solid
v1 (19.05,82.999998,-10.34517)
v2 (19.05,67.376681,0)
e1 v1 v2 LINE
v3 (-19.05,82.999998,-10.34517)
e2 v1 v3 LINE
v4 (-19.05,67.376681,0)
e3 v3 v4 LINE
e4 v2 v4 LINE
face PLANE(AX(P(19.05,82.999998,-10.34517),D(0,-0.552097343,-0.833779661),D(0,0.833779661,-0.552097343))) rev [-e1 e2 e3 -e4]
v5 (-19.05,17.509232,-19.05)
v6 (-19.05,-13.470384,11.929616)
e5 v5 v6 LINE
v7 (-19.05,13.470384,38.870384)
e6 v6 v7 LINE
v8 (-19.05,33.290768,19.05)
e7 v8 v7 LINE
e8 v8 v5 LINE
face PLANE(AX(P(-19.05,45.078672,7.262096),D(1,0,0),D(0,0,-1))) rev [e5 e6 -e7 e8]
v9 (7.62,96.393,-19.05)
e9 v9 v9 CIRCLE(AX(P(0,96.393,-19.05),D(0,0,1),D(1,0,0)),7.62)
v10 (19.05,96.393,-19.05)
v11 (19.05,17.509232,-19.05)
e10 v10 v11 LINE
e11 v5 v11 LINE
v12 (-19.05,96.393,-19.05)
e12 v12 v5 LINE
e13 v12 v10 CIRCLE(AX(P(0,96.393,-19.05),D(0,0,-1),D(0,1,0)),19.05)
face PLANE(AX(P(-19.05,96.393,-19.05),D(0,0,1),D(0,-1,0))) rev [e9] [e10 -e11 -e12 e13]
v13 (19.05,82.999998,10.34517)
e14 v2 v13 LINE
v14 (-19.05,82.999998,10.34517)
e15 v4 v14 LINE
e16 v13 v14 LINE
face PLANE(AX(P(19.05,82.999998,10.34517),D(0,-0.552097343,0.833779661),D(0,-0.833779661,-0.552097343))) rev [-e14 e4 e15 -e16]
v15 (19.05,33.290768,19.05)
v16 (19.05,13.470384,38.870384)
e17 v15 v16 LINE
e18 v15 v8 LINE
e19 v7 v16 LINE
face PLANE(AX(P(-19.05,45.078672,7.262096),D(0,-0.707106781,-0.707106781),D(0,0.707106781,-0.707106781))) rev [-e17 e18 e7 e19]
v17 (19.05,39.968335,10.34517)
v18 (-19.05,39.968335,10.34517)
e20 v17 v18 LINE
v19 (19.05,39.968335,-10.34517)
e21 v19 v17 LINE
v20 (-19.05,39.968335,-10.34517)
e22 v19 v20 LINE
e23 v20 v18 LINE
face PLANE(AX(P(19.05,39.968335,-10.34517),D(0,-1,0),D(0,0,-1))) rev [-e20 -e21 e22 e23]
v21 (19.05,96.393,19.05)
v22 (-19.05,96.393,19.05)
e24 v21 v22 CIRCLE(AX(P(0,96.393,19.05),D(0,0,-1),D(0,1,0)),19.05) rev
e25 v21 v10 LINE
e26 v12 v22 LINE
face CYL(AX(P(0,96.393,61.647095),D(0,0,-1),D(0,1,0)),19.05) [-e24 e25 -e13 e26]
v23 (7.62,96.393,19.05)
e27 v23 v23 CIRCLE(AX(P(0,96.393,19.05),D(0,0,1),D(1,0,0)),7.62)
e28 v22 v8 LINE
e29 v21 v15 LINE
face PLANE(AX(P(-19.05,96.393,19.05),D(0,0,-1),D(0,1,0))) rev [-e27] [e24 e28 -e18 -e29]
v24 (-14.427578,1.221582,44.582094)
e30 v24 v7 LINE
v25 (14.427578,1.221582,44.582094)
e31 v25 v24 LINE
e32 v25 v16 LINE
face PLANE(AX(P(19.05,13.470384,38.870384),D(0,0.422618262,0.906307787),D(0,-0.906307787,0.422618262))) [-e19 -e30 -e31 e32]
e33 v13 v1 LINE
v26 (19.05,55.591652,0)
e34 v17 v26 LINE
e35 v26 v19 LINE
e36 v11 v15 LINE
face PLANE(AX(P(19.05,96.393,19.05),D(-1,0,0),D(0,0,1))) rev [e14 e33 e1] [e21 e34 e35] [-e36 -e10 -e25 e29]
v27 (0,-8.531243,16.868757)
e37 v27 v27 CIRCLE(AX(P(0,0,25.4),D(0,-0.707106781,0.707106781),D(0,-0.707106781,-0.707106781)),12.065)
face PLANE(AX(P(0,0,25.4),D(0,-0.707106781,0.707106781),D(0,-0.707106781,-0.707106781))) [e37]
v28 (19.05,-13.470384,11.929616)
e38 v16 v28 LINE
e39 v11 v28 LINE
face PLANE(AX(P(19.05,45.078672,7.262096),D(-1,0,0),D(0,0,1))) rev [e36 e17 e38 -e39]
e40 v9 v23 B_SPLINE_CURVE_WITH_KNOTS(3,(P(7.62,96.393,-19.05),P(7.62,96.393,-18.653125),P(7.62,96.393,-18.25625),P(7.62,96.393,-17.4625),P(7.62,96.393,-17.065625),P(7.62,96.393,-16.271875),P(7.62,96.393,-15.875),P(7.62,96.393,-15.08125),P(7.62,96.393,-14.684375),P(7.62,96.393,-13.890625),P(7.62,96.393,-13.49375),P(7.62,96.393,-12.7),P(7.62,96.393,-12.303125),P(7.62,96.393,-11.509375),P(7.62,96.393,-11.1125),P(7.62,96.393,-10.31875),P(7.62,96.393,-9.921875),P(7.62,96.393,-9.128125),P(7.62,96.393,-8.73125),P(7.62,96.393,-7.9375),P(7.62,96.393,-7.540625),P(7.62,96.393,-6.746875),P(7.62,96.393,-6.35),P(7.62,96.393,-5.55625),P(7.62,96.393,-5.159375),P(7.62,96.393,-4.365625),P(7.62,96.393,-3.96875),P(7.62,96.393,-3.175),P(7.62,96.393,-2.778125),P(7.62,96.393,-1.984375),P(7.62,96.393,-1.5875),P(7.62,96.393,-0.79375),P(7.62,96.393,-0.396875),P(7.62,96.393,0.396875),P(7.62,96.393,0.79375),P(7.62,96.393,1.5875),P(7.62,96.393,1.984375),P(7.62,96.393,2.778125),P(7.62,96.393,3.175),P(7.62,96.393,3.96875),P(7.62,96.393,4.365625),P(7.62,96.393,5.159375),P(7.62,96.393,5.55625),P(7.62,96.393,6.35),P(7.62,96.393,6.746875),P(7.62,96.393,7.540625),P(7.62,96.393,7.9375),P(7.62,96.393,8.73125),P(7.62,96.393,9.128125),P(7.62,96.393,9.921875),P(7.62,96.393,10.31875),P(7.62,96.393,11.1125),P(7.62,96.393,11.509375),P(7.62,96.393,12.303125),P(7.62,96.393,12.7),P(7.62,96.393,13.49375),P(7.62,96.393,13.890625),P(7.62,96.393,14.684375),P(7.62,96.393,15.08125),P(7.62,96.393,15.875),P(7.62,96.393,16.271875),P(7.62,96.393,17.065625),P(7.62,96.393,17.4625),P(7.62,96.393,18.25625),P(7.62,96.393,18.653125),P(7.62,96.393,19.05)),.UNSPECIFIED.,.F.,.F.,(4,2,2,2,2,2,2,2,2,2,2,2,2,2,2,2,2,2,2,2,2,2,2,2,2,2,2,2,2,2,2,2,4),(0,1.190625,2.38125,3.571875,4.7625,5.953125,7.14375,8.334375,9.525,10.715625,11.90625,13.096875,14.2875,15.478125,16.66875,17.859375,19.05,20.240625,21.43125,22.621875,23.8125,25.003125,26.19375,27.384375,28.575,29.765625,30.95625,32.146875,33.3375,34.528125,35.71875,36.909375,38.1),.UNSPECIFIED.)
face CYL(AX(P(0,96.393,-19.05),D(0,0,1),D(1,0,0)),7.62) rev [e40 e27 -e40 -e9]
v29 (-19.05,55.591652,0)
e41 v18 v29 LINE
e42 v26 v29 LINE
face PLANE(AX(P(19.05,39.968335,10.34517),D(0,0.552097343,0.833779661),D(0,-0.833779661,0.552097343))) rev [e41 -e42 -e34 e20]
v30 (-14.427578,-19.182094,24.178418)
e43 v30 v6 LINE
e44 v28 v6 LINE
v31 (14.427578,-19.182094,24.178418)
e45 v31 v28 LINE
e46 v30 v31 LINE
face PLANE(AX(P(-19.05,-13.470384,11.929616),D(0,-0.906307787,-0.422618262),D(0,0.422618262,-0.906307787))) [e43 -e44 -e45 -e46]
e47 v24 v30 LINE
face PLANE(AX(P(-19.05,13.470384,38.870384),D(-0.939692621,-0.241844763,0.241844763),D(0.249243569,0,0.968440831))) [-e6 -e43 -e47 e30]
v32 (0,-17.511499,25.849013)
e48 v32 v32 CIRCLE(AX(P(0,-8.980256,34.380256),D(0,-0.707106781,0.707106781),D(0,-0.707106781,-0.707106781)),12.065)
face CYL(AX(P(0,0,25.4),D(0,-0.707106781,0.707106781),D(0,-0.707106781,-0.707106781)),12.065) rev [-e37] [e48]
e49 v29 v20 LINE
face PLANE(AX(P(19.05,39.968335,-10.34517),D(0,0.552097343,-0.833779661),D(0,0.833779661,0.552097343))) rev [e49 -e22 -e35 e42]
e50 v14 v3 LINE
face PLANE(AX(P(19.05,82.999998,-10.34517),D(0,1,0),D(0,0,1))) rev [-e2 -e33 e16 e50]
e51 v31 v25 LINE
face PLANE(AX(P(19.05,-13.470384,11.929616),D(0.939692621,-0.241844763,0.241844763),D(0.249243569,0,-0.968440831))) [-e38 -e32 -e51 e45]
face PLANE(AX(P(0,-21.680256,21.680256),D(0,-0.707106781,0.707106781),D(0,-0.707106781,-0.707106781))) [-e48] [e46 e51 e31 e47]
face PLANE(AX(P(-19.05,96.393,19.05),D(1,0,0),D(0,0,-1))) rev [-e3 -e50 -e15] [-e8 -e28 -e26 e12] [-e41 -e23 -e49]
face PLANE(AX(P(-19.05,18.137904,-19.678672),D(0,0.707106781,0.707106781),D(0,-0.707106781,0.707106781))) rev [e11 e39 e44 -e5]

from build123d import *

# Parameters (mm, degrees)
SKETCH11_W          = 38.1
SKETCH11_H          = 38.1
SKETCH12_W          = 38.1
SKETCH12_H          = 38.1
BOSS_EXTRUDE5_DEPTH = 12.7
BOSS_EXTRUDE5_TAPER = 20
BOSS_EXTRUDE6_DEPTH = 38.1
SKETCH14_R          = 7.62
CUT_EXTRUDE2_DEPTH  = 38.1
SKETCH15_R          = 12.065
CUT_EXTRUDE3_DEPTH  = 12.7
CUT_EXTRUDE4_DEPTH  = 38.1


with BuildPart() as part:
    # Sweep1: sweep along a path in Sketch10
    with BuildLine(Plane(origin=(0, 0, 0), x_dir=(0, 0, -1), z_dir=(1, 0, 0))) as sweep1_path:
        Line((0, 96.393), (0, 25.4))
        Line((0, 25.4), (-25.4, 0))
    # Sketch11 → Sweep1 (sweep)
    with BuildSketch(Plane(origin=(0, 96.393, 0), x_dir=(1, 0, 0), z_dir=(0, 1, 0))):
        Rectangle(SKETCH11_W, SKETCH11_H)
    sweep(path=sweep1_path.line, transition=Transition.RIGHT)

    # Sketch12 → Boss-Extrude5 (add)
    with BuildSketch(Plane(origin=(0, -12.7, 12.7), x_dir=(1, 0, 0), z_dir=(0, -0.7071067811865461, 0.7071067811865489))):
        with Locations((0, 17.960512242)):
            Rectangle(SKETCH12_W, SKETCH12_H)
    extrude(amount=BOSS_EXTRUDE5_DEPTH, taper=BOSS_EXTRUDE5_TAPER)

    # Sketch13 → Boss-Extrude6 (add)
    with BuildSketch(Plane(origin=(0, 0, -19.05), x_dir=(-1, 0, 0), z_dir=(0, 0, -1))):
        with BuildLine():
            Line((-19.05, 96.393), (19.05, 96.393))
            ThreePointArc((19.05, 96.393), (0, 115.443), (-19.05, 96.393))
        make_face()
    extrude(amount=-BOSS_EXTRUDE6_DEPTH)

    # Sketch14 → Cut-Extrude2 (cut)
    with BuildSketch(Plane.XY.offset(19.05)):
        with Locations((0, 96.393)):
            Circle(SKETCH14_R)
    extrude(amount=-CUT_EXTRUDE2_DEPTH, mode=Mode.SUBTRACT)

    # Sketch15 → Cut-Extrude3 (cut)
    with BuildSketch(Plane(origin=(0, -21.680256121, 21.680256121), x_dir=(1, 0, 0), z_dir=(0, -0.7071067811865461, 0.7071067811865489))):
        with Locations(Location((0, 17.960512242, 0), (0, 0, 270))):
            Circle(SKETCH15_R)
    extrude(amount=-CUT_EXTRUDE3_DEPTH, mode=Mode.SUBTRACT)

    # Sketch16 → Cut-Extrude4 (cut)
    with BuildSketch(Plane.ZY.offset(19.05)):
        Polygon((-10.345169525, 82.99999799), (10.345169525, 82.99999799), (0, 67.376680748), align=None)
        Polygon((10.345169525, 39.968335079), (0, 55.591652321), (-10.345169525, 39.968335079), align=None)
    extrude(amount=-CUT_EXTRUDE4_DEPTH, mode=Mode.SUBTRACT)


solid = part.part
